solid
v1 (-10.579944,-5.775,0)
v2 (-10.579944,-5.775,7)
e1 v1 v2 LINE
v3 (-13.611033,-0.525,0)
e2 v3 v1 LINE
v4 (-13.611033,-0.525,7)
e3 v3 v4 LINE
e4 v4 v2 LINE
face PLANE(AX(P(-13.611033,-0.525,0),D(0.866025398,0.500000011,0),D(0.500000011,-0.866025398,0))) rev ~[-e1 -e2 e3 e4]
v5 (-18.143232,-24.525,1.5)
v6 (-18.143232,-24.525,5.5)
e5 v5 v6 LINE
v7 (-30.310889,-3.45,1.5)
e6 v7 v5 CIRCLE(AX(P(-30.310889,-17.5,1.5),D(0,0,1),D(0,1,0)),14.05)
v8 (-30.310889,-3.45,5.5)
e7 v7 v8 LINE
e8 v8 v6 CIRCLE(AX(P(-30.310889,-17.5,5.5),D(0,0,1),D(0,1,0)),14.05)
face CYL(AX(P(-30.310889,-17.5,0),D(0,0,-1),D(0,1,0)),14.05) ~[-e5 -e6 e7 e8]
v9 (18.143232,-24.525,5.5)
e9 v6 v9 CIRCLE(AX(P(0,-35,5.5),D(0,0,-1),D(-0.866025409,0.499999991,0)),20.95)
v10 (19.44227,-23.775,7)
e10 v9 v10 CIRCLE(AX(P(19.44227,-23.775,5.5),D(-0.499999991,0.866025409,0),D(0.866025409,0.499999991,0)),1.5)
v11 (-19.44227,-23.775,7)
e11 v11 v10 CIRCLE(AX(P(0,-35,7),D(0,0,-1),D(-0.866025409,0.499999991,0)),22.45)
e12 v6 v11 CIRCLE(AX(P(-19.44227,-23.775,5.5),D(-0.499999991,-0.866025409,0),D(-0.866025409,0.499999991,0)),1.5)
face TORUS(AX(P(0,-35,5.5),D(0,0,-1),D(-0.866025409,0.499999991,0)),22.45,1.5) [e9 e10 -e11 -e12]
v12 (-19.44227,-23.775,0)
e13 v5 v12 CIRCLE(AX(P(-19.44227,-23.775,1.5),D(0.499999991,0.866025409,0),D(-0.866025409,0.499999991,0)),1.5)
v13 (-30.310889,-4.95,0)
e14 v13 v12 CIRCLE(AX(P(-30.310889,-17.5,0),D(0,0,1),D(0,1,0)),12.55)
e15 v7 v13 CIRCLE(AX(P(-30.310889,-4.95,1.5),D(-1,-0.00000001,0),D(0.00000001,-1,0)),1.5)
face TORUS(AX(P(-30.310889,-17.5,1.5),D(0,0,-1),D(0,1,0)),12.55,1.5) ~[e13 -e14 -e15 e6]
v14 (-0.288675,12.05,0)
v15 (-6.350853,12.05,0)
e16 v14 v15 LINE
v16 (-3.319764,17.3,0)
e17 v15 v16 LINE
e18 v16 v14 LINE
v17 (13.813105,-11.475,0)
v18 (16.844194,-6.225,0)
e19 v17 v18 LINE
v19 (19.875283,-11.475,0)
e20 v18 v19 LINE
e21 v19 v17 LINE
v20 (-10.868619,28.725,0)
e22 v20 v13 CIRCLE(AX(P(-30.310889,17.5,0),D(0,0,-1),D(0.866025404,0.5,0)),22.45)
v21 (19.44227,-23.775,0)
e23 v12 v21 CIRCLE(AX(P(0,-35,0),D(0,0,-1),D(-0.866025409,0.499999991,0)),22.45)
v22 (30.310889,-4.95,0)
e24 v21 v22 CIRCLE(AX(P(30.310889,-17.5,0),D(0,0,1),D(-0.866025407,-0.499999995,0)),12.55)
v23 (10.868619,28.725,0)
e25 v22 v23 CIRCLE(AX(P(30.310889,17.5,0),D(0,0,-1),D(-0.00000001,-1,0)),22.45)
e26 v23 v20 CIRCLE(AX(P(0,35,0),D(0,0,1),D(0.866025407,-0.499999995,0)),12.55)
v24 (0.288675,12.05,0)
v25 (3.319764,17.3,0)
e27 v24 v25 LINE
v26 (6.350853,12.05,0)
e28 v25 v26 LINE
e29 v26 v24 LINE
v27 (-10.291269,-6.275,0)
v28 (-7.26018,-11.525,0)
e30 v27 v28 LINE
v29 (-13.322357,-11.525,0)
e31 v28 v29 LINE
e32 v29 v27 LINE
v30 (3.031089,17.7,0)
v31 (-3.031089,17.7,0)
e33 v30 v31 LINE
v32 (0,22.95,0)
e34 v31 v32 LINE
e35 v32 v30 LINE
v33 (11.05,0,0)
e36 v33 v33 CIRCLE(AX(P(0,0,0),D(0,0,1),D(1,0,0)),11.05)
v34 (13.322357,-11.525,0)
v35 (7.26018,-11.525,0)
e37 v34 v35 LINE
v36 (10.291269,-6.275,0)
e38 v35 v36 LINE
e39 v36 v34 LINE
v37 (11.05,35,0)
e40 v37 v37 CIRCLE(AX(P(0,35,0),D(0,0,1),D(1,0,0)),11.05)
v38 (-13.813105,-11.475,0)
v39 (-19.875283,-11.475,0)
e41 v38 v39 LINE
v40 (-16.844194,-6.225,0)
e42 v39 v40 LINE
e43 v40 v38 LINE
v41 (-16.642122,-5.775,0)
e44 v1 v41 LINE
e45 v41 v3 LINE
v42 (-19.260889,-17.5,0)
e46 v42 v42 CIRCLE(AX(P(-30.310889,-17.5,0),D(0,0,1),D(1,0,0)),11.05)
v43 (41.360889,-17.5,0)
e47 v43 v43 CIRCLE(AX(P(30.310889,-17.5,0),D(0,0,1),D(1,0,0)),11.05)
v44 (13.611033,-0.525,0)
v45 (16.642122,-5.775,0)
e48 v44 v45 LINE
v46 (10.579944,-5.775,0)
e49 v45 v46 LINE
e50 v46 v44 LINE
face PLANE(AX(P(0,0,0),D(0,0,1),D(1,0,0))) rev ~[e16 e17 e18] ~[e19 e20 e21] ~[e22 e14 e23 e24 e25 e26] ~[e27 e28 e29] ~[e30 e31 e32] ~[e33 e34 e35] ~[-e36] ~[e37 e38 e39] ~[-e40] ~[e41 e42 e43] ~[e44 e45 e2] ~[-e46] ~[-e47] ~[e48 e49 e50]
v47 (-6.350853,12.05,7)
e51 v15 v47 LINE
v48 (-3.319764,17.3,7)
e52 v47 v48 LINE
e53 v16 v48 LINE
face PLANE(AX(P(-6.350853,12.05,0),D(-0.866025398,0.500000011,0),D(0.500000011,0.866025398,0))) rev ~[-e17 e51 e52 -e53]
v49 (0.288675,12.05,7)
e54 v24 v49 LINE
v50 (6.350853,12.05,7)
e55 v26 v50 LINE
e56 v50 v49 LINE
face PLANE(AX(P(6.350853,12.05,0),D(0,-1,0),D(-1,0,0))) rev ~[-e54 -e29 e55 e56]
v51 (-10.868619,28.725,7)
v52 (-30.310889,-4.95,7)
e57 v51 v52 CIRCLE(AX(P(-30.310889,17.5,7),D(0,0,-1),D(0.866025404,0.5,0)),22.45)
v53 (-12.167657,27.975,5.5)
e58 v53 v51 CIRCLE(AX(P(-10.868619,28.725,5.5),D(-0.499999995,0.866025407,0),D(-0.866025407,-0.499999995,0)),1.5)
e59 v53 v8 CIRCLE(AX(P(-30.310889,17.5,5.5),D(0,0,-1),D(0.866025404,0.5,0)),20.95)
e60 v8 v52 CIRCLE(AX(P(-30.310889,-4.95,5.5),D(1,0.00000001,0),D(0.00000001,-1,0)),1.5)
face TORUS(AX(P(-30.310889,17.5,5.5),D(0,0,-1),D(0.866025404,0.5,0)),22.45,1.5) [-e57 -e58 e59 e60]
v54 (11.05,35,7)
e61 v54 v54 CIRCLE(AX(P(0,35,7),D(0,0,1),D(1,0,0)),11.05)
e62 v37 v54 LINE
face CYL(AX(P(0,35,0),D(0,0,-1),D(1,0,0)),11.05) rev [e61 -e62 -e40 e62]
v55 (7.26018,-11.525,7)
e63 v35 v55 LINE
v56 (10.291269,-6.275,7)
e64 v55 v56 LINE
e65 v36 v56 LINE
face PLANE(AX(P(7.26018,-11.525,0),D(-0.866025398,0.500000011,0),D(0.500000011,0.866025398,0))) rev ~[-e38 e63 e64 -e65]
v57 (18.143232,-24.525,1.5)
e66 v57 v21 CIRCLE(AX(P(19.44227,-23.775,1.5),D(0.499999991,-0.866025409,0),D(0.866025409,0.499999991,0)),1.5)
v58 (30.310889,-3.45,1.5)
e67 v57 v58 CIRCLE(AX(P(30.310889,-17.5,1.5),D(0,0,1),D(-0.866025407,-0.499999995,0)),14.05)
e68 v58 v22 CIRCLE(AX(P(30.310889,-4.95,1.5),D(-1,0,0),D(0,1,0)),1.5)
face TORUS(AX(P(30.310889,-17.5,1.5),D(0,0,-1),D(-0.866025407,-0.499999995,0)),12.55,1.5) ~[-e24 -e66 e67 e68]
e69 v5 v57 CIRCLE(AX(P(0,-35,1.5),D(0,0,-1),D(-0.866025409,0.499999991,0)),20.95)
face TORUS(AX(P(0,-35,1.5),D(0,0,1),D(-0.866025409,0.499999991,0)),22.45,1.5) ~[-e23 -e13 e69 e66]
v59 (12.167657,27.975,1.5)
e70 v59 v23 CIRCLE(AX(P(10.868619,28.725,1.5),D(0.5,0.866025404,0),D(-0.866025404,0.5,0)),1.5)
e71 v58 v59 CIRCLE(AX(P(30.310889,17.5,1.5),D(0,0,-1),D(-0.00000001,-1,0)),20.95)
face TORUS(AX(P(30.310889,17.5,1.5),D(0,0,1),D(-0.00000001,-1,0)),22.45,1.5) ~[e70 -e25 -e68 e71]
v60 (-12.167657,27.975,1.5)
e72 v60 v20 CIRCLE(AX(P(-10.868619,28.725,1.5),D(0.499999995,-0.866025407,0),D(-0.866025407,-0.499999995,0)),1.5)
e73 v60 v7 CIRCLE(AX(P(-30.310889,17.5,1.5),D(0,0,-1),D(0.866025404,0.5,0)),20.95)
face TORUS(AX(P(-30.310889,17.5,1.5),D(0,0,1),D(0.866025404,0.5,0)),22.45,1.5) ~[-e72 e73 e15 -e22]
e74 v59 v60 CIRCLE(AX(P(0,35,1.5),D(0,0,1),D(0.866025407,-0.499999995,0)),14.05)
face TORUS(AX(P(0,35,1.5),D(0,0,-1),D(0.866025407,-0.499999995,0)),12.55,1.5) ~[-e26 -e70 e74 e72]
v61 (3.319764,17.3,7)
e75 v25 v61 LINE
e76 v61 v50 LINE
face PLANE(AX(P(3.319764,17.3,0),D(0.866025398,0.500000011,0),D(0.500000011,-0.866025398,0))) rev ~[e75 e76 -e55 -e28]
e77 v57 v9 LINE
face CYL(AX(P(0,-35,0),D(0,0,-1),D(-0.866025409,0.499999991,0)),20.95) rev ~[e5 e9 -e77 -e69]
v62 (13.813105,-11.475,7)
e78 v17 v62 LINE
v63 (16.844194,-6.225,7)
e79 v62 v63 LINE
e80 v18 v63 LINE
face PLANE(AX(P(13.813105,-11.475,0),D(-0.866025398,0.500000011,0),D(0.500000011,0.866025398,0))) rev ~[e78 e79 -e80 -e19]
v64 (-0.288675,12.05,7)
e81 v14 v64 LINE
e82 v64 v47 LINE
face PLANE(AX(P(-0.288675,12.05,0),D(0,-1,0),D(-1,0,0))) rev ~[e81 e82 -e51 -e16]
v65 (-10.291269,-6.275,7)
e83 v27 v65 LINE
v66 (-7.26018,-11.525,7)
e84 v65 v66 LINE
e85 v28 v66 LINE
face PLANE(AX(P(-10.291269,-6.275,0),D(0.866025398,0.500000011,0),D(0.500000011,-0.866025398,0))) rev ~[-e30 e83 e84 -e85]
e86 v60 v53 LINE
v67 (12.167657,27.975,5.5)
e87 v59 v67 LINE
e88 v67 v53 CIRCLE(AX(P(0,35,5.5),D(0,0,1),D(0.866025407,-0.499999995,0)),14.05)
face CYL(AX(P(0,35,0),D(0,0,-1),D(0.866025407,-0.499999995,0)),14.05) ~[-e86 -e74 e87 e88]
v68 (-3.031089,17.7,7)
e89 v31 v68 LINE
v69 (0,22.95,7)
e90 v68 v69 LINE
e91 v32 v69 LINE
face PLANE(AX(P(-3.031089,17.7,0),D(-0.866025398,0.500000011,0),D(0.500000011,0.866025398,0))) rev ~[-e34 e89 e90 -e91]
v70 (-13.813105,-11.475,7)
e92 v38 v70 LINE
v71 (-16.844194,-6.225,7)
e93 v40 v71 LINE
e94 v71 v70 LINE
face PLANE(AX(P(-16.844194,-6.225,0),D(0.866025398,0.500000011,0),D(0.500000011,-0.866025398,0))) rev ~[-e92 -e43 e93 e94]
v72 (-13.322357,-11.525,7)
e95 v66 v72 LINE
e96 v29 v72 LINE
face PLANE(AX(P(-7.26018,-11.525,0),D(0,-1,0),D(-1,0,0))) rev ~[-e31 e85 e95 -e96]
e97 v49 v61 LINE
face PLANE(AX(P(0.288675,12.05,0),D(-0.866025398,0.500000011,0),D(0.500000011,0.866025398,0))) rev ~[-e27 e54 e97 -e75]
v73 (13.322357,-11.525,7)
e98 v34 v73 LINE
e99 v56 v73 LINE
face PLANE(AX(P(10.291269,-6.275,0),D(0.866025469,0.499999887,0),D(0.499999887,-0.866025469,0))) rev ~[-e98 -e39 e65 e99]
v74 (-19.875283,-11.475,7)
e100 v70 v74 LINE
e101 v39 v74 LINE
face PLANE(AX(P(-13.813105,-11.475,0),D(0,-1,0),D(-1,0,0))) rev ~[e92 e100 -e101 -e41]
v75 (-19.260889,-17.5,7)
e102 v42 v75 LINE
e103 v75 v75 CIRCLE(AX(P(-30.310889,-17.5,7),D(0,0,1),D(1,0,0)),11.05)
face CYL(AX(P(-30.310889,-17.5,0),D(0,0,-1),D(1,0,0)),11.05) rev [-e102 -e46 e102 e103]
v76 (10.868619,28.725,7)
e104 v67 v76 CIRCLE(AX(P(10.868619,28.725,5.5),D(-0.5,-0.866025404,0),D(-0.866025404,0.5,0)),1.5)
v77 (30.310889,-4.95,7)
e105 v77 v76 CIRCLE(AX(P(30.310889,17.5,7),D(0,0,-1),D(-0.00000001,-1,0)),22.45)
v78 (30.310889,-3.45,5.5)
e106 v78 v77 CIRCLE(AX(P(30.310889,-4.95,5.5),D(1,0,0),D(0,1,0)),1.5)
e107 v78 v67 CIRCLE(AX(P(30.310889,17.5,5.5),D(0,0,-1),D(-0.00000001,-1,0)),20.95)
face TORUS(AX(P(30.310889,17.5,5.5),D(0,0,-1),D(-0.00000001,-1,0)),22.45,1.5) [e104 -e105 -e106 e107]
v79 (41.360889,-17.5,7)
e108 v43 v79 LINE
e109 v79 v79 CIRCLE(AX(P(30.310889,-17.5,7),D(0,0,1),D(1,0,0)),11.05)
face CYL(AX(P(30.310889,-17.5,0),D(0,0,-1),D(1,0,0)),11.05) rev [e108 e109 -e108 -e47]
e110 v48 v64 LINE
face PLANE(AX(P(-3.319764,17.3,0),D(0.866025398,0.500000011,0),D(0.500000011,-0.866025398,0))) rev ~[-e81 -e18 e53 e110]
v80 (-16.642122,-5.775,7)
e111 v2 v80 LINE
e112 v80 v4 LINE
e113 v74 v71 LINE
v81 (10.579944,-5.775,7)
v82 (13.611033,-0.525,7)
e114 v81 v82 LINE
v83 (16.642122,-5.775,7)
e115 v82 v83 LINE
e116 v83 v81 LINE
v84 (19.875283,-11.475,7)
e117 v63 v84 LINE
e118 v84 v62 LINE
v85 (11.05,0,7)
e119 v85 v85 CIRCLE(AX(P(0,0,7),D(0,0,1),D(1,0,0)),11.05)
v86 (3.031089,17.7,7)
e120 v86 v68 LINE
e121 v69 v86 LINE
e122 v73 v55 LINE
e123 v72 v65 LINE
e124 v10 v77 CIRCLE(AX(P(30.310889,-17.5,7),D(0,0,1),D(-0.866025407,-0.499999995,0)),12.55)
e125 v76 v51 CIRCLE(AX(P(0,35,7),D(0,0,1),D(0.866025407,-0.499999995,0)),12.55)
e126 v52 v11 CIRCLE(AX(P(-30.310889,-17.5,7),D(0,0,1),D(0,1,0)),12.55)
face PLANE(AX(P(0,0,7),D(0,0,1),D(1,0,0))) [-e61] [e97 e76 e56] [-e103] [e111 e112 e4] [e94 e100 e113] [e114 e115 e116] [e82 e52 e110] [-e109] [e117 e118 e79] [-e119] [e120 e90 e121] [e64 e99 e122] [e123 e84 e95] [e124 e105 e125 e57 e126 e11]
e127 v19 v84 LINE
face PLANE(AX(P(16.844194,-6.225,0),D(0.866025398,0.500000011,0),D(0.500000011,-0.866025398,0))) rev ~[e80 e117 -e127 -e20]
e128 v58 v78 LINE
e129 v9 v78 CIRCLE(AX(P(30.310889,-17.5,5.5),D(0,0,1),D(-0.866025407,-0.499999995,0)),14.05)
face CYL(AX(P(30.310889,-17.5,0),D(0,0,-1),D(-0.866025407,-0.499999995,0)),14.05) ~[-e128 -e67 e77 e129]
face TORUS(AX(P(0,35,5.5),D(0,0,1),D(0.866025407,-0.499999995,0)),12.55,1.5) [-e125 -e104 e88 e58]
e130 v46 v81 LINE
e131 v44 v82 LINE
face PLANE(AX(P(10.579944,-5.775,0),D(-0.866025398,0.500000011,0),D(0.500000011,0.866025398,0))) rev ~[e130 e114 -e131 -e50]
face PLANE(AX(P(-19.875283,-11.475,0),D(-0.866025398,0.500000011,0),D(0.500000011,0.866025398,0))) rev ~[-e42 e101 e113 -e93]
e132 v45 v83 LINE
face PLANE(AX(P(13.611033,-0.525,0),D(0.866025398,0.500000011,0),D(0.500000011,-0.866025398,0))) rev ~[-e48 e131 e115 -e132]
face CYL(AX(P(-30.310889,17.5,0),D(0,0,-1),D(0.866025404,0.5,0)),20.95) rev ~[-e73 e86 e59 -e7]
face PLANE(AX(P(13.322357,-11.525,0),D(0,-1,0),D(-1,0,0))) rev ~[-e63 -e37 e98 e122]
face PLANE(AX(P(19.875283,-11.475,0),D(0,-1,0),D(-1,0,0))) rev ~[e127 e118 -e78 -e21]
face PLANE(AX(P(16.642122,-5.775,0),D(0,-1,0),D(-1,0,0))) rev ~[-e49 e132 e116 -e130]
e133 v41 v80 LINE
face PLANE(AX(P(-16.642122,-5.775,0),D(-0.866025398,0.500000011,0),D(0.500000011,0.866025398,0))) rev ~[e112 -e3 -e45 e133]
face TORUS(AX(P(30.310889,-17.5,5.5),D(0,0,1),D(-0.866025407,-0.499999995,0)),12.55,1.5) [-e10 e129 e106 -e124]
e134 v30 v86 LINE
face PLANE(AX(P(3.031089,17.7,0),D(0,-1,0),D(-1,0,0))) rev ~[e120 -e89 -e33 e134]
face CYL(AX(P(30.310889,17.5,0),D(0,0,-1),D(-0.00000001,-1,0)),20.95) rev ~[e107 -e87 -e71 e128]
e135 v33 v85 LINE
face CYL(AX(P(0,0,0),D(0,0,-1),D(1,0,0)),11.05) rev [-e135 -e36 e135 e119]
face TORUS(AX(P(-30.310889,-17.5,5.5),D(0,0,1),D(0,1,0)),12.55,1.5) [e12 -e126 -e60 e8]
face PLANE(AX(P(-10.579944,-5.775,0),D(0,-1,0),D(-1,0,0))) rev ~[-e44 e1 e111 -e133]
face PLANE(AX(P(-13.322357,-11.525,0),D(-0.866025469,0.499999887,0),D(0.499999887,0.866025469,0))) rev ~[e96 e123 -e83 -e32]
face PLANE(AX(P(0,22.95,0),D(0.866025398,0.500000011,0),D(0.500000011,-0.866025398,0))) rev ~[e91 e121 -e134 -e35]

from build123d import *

# Parameters (mm, degrees)
F0_R     = 11.05
F1_DEPTH = 7
F2_R     = 1.5


with BuildPart() as f1:
    # F0 (on Top) → F1 (new body)
    with BuildSketch(Plane.XY):
        with BuildLine():
            ThreePointArc((-12.167657, 27.975), (-12.167657, 7.025), (-30.310889, -3.45))
            ThreePointArc((-30.310889, -3.45), (-42.478546, -24.525), (-18.143232, -24.525))
            ThreePointArc((-18.143232, -24.525), (0, -14.05), (18.143232, -24.525))
            ThreePointArc((18.143232, -24.525), (42.478546, -24.525), (30.310889, -3.45))
            ThreePointArc((30.310889, -3.45), (12.167657, 7.025), (12.167657, 27.975))
            ThreePointArc((12.167657, 27.975), (0, 49.05), (-12.167657, 27.975))
        make_face()
        with Locations((-30.310889, -17.5)):
            Circle(F0_R, mode=Mode.SUBTRACT)
        Polygon((-16.844194, -6.225), (-13.813105, -11.475), (-19.875283, -11.475), align=None, mode=Mode.SUBTRACT)
        Polygon((-13.611033, -0.525), (-10.579944, -5.775), (-16.642122, -5.775), align=None, mode=Mode.SUBTRACT)
        Polygon((-7.26018, -11.525), (-13.322357, -11.525), (-10.291269, -6.275), align=None, mode=Mode.SUBTRACT)
        with Locations((30.310889, -17.5)):
            Circle(F0_R, mode=Mode.SUBTRACT)
        Polygon((7.26018, -11.525), (10.291269, -6.275), (13.322357, -11.525), align=None, mode=Mode.SUBTRACT)
        Polygon((13.813105, -11.475), (16.844194, -6.225), (19.875283, -11.475), align=None, mode=Mode.SUBTRACT)
        Polygon((13.611033, -0.525), (16.642122, -5.775), (10.579944, -5.775), align=None, mode=Mode.SUBTRACT)
        Circle(F0_R, mode=Mode.SUBTRACT)
        Polygon((-0.288675, 12.05), (-6.350853, 12.05), (-3.319764, 17.3), align=None, mode=Mode.SUBTRACT)
        Polygon((3.319764, 17.3), (6.350853, 12.05), (0.288675, 12.05), align=None, mode=Mode.SUBTRACT)
        Polygon((-3.031089, 17.7), (0, 22.95), (3.031089, 17.7), align=None, mode=Mode.SUBTRACT)
        with Locations((0, 35)):
            Circle(F0_R, mode=Mode.SUBTRACT)
    extrude(amount=F1_DEPTH)

    # F2
    f2_edges = [f1.edges().sort_by_distance(p)[0] for p in [
        (0, -14.05, 7),
        (0, -14.05, 0),
    ]]
    fillet(f2_edges, radius=F2_R)


solid = f1.part
